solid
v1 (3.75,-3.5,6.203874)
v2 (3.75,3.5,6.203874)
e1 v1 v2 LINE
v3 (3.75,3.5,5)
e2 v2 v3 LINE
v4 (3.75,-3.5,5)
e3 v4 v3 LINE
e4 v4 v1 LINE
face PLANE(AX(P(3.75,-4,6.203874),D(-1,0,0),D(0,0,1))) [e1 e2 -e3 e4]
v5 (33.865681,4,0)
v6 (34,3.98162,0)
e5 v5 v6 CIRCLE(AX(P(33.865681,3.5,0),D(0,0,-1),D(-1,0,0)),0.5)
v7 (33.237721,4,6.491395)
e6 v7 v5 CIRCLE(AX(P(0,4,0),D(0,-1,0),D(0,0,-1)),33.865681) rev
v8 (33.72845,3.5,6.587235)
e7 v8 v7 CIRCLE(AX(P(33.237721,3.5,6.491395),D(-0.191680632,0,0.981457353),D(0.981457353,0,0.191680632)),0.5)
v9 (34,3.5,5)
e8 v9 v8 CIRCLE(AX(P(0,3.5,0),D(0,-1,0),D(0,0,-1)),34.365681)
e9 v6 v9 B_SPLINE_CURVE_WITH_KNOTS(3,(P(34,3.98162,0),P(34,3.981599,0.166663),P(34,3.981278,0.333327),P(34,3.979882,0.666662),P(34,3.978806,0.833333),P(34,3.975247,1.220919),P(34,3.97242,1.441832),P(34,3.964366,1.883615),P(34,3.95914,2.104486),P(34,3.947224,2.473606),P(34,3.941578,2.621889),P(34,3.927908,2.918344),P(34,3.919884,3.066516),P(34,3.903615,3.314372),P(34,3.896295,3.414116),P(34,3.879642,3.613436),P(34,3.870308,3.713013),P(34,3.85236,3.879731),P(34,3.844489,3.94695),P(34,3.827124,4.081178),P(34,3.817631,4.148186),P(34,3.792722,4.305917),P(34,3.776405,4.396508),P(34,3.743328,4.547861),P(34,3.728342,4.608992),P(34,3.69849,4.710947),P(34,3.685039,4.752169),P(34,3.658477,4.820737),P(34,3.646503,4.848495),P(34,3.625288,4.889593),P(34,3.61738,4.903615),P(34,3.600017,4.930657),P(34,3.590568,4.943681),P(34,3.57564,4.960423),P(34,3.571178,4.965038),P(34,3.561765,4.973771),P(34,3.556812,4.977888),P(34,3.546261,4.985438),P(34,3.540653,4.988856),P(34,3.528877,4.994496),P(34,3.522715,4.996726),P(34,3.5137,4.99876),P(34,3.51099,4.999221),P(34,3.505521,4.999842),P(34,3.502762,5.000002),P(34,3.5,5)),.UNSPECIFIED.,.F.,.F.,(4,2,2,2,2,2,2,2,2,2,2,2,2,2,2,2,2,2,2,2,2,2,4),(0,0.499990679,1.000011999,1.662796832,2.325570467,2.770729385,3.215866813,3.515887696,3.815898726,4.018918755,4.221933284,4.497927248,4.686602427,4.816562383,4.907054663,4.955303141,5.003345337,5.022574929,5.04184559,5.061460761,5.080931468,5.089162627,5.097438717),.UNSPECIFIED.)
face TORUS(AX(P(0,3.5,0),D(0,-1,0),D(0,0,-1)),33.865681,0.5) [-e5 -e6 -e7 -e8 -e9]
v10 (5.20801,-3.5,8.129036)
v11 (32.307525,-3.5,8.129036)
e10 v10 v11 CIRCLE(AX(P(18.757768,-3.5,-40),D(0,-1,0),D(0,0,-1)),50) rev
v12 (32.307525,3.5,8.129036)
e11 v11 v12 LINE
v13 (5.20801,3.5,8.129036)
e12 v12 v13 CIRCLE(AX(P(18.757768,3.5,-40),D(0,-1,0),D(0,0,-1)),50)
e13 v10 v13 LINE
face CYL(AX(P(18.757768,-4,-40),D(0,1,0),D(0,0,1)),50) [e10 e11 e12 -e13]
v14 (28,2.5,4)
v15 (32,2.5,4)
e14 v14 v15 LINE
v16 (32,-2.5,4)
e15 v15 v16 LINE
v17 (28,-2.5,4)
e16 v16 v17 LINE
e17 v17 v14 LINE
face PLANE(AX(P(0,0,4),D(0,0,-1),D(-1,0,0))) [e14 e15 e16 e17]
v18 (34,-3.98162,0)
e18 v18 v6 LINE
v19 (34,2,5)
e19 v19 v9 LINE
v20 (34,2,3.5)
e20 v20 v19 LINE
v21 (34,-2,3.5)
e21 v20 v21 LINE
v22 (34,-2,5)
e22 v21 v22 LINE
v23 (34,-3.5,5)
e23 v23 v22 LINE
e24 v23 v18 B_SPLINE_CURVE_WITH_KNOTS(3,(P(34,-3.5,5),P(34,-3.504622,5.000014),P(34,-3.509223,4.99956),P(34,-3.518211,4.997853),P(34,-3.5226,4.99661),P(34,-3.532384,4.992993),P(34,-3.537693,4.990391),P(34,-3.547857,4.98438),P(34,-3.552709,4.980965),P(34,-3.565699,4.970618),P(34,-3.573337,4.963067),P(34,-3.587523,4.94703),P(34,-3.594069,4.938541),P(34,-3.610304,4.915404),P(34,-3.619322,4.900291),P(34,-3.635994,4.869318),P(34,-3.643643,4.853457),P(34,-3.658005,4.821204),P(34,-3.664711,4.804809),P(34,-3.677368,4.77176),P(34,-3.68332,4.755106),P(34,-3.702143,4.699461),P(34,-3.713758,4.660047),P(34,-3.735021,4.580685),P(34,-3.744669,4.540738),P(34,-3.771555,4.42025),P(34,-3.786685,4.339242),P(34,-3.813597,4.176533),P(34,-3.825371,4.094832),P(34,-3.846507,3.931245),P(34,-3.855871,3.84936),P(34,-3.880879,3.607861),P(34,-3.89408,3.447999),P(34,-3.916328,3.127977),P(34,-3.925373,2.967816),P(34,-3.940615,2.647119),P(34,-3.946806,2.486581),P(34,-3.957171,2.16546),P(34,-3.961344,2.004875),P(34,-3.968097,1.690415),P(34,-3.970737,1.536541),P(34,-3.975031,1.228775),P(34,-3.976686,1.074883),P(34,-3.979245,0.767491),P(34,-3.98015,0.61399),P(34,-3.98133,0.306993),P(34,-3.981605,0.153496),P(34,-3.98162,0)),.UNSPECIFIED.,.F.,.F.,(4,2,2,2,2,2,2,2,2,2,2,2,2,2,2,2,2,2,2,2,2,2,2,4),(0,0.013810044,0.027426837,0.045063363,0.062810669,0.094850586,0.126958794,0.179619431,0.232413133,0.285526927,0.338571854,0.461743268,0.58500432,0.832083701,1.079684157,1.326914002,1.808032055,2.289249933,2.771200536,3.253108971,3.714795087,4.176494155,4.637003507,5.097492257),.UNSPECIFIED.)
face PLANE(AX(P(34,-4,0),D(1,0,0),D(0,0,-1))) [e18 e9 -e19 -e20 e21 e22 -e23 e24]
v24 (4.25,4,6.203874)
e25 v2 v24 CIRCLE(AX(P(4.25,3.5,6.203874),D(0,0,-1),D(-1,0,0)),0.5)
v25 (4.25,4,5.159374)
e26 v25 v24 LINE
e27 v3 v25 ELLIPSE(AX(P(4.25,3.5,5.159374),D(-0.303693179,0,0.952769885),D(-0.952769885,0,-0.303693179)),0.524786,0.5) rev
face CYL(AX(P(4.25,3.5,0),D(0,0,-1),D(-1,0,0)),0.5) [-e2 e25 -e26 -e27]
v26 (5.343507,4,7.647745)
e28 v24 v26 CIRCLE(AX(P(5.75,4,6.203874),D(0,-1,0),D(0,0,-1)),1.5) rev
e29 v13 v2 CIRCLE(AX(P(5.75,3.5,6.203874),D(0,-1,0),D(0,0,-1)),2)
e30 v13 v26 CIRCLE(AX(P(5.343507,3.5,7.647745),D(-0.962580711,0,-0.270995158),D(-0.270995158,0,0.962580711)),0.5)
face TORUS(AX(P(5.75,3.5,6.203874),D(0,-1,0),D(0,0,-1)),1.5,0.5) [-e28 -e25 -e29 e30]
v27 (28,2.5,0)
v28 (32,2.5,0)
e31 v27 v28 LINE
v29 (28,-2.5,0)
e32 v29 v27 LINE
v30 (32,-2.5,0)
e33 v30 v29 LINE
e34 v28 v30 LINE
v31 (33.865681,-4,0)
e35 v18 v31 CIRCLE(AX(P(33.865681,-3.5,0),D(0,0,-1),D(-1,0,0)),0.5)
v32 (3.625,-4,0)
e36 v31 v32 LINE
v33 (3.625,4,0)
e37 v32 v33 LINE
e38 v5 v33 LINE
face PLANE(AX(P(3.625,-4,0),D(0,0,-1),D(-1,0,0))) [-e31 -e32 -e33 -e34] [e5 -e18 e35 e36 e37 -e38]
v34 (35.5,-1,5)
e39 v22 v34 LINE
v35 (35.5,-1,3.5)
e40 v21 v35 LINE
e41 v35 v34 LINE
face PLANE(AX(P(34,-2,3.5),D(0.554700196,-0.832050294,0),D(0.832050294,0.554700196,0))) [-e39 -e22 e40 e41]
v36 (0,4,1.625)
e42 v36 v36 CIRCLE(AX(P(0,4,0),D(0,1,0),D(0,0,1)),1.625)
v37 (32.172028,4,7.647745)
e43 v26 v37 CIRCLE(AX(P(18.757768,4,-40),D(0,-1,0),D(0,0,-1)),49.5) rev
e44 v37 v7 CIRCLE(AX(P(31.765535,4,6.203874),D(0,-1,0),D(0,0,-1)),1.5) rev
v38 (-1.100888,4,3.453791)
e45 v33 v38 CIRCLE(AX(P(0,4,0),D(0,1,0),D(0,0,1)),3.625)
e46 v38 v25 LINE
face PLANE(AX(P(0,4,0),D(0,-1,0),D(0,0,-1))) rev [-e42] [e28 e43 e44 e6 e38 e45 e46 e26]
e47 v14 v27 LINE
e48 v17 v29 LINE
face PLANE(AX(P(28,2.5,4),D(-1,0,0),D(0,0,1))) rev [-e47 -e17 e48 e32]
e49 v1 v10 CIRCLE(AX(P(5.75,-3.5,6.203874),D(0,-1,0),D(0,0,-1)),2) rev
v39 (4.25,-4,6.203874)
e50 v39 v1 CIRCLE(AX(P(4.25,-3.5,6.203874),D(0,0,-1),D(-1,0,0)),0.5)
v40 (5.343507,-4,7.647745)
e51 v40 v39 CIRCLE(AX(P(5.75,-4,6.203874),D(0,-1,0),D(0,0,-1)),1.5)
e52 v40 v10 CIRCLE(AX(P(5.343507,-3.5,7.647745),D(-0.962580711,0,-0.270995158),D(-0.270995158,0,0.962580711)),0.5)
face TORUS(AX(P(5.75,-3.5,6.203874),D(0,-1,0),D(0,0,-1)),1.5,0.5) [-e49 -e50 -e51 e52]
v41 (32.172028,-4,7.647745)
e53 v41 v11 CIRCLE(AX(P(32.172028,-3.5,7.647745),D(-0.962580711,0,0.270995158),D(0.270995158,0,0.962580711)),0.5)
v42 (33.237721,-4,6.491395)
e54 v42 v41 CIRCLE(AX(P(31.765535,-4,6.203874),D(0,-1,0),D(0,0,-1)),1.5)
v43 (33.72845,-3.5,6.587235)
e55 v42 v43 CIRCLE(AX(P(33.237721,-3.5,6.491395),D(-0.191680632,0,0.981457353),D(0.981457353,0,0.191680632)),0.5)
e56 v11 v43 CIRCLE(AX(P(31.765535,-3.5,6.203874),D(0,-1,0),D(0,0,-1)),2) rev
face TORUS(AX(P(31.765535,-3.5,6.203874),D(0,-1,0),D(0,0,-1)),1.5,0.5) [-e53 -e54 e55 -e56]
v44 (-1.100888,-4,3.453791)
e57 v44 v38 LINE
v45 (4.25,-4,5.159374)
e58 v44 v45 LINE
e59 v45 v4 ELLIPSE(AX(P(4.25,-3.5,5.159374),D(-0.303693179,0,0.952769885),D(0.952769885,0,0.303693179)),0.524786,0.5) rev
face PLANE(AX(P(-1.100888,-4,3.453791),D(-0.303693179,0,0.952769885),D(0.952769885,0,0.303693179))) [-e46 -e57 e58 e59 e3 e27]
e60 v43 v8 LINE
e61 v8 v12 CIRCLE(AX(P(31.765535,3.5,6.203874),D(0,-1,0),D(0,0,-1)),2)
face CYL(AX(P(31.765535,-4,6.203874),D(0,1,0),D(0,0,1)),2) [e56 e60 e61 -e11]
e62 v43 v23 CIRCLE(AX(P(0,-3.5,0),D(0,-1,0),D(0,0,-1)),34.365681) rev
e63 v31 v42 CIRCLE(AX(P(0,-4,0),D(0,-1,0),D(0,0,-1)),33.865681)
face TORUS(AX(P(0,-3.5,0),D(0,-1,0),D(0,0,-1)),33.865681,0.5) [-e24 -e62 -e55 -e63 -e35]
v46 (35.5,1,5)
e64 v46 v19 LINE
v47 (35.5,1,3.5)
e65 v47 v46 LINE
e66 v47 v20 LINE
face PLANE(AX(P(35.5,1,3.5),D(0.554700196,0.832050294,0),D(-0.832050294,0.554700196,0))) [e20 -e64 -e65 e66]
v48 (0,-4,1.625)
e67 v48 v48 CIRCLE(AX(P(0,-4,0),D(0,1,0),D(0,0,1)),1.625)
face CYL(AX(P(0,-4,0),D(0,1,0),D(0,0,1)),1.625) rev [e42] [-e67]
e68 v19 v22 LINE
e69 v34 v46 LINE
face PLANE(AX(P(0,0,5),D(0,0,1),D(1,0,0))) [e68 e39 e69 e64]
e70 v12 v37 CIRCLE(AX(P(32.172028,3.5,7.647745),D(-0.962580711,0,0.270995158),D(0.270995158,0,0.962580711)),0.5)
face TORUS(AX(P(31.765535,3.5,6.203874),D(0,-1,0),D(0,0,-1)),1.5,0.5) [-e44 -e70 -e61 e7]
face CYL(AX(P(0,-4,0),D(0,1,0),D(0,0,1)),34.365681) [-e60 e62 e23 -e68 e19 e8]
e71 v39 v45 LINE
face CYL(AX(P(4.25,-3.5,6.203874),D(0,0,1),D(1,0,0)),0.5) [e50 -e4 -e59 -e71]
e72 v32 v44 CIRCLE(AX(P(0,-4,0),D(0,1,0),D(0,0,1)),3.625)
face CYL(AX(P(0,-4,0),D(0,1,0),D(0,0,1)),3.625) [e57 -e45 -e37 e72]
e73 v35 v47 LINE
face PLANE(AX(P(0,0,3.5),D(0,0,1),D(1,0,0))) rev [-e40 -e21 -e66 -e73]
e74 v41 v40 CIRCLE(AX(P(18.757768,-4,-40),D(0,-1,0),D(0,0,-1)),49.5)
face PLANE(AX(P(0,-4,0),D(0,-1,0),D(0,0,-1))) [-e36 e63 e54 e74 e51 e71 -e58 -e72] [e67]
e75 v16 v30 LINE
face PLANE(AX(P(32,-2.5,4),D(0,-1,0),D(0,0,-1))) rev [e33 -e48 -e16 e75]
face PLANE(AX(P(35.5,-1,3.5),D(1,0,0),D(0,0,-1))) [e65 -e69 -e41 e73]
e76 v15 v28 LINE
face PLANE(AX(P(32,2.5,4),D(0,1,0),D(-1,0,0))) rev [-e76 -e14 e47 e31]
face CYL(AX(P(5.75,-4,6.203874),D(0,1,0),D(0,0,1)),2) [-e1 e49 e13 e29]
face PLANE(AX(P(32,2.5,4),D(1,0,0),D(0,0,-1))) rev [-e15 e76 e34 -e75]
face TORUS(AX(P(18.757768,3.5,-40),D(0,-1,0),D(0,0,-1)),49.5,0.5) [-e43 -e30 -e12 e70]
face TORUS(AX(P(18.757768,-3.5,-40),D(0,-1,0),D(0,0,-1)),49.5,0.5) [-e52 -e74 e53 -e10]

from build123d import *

# Parameters (mm, degrees)
SKETCH1_R           = 1.625
BOSS_EXTRUDE1_DEPTH = 4
BOSS_EXTRUDE2_DEPTH = 1.5
FILLET1_R           = 0.5
SKETCH4_W           = 4
SKETCH4_H           = 5
CUT_EXTRUDE1_DEPTH  = 4


with BuildPart() as part:
    # Sketch1 → Boss-Extrude1 (new, symmetric)
    with BuildSketch(Plane(origin=(0, 0, 0), x_dir=(1, 0, 0), z_dir=(0, 1, 0))):
        with BuildLine():
            Line((34, 0), (3.625, 0))
            ThreePointArc((3.625, 0), (-2.138914072, 2.926716862), (-1.100887775, -3.453790831))
            Line((-1.100887775, -3.453790831), (3.75, -5))
            Line((3.75, -5), (3.75, -6.203874108))
            ThreePointArc((3.75, -6.203874108), (4.15563796, -7.411354826), (5.208009684, -8.12903553))
            ThreePointArc((5.208009684, -8.12903553), (18.757767579, -10), (32.307525473, -8.12903553))
            ThreePointArc((32.307525473, -8.12903553), (33.236223507, -7.559261794), (33.728449863, -6.587235373))
            ThreePointArc((33.728449863, -6.587235373), (33.873522982, -5.795208431), (34, -5))
            Line((34, -5), (34, 0))
        make_face()
        Circle(SKETCH1_R, mode=Mode.SUBTRACT)
    extrude(amount=BOSS_EXTRUDE1_DEPTH, both=True)

    # Sketch3 → Boss-Extrude2 (add)
    with BuildSketch(Plane(origin=(0, 0, 5), x_dir=(-1, 0, 0), z_dir=(0, 0, -1))):
        Polygon((-34, -2), (-35.5, -1), (-35.5, 1), (-34, 2), align=None)
    extrude(amount=BOSS_EXTRUDE2_DEPTH)

    # Fillet1
    fillet1_edges = [part.edges().sort_by_distance(p)[0] for p in [
        (3.75, 4, 5.601937054),
        (4.15563796, 4, 7.411354826),
        (33.873522982, 4, 5.795208431),
        (33.236223507, 4, 7.559261794),
        (3.75, -4, 5.601937054),
        (4.15563796, -4, 7.411354826),
        (33.873522982, -4, 5.795208431),
        (33.236223507, -4, 7.559261794),
        (18.757767579, 4, 10),
        (18.757767579, -4, 10),
    ]]
    fillet(fillet1_edges, radius=FILLET1_R)

    # Sketch4 → Cut-Extrude1 (cut)
    with BuildSketch(Plane(origin=(0, 0, 0), x_dir=(-1, 0, 0), z_dir=(0, 0, -1))):
        with Locations((-30, 0)):
            Rectangle(SKETCH4_W, SKETCH4_H)
    extrude(amount=-CUT_EXTRUDE1_DEPTH, mode=Mode.SUBTRACT)


solid = part.part
